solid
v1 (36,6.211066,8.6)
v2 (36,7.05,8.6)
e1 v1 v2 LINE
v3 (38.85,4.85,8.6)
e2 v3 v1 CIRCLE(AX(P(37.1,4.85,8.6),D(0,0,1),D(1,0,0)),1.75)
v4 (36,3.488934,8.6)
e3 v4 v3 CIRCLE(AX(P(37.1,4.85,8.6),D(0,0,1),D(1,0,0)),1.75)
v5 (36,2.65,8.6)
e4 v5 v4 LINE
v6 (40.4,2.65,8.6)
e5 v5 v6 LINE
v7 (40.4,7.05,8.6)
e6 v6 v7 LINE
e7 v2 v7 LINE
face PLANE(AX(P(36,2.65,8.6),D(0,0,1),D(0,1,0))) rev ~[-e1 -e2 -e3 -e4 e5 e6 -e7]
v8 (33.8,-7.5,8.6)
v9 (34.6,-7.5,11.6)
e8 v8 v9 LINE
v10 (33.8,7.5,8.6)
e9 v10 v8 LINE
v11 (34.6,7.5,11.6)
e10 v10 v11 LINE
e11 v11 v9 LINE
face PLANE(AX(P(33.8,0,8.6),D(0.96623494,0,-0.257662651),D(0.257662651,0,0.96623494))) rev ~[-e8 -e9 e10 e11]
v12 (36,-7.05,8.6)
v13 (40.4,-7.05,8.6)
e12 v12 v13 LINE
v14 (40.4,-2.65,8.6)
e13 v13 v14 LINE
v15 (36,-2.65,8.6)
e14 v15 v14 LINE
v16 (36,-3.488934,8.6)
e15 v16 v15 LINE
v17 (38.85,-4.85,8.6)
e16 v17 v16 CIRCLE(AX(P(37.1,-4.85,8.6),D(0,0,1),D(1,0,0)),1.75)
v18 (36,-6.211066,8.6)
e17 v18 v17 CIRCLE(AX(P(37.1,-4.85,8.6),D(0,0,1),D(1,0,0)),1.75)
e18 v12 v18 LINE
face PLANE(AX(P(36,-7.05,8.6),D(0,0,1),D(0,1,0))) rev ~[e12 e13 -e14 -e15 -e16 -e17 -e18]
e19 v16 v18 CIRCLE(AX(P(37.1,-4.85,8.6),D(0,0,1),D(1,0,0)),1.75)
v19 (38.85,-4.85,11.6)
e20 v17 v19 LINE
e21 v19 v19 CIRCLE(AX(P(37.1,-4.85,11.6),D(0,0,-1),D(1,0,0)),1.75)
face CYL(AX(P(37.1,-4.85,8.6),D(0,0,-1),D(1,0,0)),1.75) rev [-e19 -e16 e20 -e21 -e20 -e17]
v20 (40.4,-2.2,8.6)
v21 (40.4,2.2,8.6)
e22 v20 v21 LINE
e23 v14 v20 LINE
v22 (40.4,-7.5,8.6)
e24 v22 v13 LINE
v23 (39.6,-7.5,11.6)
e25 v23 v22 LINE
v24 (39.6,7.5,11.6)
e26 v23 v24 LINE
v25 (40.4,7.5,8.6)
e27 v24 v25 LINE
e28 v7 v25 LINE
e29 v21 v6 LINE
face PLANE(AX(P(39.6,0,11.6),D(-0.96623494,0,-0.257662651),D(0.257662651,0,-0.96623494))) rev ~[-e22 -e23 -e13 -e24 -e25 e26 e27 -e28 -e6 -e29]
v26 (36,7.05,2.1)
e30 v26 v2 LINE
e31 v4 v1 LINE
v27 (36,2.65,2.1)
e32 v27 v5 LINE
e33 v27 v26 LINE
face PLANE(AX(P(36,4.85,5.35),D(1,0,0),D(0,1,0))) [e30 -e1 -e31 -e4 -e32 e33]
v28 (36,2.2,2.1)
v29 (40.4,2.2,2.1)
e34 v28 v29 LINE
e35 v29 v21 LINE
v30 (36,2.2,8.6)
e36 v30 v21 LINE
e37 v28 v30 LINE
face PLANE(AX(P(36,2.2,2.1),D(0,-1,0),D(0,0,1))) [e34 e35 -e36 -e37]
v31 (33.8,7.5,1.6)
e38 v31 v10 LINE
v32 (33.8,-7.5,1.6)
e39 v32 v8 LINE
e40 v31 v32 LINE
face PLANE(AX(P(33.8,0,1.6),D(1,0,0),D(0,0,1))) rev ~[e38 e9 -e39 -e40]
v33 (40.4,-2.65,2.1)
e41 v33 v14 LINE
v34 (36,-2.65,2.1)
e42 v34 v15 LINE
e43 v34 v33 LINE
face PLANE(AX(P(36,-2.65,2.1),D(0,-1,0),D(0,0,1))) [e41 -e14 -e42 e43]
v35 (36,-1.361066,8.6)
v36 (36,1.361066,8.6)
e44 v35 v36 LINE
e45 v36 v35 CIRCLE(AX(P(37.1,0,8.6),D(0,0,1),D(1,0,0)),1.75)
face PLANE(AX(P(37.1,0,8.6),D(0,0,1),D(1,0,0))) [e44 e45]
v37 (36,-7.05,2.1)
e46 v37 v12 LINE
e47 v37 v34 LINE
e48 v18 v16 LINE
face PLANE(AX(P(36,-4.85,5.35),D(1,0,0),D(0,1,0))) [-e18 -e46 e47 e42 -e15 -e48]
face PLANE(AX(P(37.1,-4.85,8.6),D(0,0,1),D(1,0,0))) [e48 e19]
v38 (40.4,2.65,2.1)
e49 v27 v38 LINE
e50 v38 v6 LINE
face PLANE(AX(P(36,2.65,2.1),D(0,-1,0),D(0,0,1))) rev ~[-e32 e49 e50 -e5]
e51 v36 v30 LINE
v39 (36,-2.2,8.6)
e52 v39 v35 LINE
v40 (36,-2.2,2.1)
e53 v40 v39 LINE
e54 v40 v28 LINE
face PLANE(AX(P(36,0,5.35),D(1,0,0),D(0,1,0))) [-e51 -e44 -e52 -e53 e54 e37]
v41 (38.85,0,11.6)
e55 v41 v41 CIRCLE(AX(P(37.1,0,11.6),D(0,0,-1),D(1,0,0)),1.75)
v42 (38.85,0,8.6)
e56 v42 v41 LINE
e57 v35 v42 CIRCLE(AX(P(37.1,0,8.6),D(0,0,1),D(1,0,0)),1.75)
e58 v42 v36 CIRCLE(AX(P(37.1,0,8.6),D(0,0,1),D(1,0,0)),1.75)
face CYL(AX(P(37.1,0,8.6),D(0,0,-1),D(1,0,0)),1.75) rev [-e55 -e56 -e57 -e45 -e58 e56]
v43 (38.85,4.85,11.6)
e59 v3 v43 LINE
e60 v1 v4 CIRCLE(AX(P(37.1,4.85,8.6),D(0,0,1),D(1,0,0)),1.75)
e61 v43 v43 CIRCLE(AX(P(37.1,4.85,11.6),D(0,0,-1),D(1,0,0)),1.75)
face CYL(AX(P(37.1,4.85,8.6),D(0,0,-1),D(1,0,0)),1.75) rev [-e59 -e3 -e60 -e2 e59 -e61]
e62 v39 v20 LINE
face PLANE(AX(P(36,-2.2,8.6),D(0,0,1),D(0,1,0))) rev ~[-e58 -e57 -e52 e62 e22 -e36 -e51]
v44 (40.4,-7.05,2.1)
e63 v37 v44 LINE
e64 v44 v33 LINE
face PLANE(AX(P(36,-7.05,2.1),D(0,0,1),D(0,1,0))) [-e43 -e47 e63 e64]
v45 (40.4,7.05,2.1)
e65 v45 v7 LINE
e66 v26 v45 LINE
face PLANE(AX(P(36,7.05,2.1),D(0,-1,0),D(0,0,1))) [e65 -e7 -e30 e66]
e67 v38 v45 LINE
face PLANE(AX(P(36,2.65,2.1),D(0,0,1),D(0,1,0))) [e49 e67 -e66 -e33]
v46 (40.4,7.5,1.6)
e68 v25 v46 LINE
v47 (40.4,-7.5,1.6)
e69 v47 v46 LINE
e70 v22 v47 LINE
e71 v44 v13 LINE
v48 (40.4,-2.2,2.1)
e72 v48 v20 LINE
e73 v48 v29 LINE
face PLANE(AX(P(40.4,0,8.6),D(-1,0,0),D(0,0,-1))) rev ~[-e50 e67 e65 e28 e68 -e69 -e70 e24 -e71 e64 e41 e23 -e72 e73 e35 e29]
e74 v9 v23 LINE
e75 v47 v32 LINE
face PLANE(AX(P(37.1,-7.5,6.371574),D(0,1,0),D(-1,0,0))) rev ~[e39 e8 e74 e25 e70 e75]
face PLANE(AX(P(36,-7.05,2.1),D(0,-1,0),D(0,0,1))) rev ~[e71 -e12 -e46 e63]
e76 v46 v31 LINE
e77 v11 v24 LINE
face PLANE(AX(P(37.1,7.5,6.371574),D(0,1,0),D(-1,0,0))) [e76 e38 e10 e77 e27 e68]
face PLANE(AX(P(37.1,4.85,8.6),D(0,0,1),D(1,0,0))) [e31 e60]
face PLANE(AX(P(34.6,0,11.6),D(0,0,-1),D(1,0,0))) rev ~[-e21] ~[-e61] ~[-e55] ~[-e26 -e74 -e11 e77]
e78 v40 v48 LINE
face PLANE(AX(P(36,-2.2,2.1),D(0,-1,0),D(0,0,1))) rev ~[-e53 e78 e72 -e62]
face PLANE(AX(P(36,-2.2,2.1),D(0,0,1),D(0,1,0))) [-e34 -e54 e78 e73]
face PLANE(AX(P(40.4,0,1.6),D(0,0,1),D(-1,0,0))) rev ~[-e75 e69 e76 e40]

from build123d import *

# Parameters (mm, degrees)
PAD008_DEPTH    = 7.5
SKETCH012_W     = 4.4
SKETCH012_H     = 6.5
POCKET_DEPTH    = 4.401
SKETCH013_R     = 1.75
POCKET001_DEPTH = 3.001


with BuildPart() as part:
    # Sketch011 → Pad008 (new body, symmetric)
    with BuildSketch(Plane.XZ):
        Polygon((34.6, 11.6), (39.6, 11.6), (40.4, 8.6), (40.4, 1.6), (33.8, 1.6), (33.8, 8.6), align=None)
    extrude(amount=PAD008_DEPTH, both=True)

    # Sketch012 → Pocket (cut, through all)
    with BuildSketch(Plane.YZ.offset(36)):
        with Locations((-4.85, 5.35)):
            Rectangle(SKETCH012_W, SKETCH012_H)
        with Locations((0, 5.35)):
            Rectangle(SKETCH012_W, SKETCH012_H)
        with Locations((4.85, 5.35)):
            Rectangle(SKETCH012_W, SKETCH012_H)
    extrude(amount=POCKET_DEPTH, mode=Mode.SUBTRACT)

    # Sketch013 → Pocket001 (cut, through all)
    with BuildSketch(Plane.XY.offset(8.6)):
        with Locations((37.1, -4.85)):
            Circle(SKETCH013_R)
        with Locations((37.1, 4.85)):
            Circle(SKETCH013_R)
        with Locations((37.1, 0)):
            Circle(SKETCH013_R)
    extrude(amount=POCKET001_DEPTH, mode=Mode.SUBTRACT)


solid = part.part
